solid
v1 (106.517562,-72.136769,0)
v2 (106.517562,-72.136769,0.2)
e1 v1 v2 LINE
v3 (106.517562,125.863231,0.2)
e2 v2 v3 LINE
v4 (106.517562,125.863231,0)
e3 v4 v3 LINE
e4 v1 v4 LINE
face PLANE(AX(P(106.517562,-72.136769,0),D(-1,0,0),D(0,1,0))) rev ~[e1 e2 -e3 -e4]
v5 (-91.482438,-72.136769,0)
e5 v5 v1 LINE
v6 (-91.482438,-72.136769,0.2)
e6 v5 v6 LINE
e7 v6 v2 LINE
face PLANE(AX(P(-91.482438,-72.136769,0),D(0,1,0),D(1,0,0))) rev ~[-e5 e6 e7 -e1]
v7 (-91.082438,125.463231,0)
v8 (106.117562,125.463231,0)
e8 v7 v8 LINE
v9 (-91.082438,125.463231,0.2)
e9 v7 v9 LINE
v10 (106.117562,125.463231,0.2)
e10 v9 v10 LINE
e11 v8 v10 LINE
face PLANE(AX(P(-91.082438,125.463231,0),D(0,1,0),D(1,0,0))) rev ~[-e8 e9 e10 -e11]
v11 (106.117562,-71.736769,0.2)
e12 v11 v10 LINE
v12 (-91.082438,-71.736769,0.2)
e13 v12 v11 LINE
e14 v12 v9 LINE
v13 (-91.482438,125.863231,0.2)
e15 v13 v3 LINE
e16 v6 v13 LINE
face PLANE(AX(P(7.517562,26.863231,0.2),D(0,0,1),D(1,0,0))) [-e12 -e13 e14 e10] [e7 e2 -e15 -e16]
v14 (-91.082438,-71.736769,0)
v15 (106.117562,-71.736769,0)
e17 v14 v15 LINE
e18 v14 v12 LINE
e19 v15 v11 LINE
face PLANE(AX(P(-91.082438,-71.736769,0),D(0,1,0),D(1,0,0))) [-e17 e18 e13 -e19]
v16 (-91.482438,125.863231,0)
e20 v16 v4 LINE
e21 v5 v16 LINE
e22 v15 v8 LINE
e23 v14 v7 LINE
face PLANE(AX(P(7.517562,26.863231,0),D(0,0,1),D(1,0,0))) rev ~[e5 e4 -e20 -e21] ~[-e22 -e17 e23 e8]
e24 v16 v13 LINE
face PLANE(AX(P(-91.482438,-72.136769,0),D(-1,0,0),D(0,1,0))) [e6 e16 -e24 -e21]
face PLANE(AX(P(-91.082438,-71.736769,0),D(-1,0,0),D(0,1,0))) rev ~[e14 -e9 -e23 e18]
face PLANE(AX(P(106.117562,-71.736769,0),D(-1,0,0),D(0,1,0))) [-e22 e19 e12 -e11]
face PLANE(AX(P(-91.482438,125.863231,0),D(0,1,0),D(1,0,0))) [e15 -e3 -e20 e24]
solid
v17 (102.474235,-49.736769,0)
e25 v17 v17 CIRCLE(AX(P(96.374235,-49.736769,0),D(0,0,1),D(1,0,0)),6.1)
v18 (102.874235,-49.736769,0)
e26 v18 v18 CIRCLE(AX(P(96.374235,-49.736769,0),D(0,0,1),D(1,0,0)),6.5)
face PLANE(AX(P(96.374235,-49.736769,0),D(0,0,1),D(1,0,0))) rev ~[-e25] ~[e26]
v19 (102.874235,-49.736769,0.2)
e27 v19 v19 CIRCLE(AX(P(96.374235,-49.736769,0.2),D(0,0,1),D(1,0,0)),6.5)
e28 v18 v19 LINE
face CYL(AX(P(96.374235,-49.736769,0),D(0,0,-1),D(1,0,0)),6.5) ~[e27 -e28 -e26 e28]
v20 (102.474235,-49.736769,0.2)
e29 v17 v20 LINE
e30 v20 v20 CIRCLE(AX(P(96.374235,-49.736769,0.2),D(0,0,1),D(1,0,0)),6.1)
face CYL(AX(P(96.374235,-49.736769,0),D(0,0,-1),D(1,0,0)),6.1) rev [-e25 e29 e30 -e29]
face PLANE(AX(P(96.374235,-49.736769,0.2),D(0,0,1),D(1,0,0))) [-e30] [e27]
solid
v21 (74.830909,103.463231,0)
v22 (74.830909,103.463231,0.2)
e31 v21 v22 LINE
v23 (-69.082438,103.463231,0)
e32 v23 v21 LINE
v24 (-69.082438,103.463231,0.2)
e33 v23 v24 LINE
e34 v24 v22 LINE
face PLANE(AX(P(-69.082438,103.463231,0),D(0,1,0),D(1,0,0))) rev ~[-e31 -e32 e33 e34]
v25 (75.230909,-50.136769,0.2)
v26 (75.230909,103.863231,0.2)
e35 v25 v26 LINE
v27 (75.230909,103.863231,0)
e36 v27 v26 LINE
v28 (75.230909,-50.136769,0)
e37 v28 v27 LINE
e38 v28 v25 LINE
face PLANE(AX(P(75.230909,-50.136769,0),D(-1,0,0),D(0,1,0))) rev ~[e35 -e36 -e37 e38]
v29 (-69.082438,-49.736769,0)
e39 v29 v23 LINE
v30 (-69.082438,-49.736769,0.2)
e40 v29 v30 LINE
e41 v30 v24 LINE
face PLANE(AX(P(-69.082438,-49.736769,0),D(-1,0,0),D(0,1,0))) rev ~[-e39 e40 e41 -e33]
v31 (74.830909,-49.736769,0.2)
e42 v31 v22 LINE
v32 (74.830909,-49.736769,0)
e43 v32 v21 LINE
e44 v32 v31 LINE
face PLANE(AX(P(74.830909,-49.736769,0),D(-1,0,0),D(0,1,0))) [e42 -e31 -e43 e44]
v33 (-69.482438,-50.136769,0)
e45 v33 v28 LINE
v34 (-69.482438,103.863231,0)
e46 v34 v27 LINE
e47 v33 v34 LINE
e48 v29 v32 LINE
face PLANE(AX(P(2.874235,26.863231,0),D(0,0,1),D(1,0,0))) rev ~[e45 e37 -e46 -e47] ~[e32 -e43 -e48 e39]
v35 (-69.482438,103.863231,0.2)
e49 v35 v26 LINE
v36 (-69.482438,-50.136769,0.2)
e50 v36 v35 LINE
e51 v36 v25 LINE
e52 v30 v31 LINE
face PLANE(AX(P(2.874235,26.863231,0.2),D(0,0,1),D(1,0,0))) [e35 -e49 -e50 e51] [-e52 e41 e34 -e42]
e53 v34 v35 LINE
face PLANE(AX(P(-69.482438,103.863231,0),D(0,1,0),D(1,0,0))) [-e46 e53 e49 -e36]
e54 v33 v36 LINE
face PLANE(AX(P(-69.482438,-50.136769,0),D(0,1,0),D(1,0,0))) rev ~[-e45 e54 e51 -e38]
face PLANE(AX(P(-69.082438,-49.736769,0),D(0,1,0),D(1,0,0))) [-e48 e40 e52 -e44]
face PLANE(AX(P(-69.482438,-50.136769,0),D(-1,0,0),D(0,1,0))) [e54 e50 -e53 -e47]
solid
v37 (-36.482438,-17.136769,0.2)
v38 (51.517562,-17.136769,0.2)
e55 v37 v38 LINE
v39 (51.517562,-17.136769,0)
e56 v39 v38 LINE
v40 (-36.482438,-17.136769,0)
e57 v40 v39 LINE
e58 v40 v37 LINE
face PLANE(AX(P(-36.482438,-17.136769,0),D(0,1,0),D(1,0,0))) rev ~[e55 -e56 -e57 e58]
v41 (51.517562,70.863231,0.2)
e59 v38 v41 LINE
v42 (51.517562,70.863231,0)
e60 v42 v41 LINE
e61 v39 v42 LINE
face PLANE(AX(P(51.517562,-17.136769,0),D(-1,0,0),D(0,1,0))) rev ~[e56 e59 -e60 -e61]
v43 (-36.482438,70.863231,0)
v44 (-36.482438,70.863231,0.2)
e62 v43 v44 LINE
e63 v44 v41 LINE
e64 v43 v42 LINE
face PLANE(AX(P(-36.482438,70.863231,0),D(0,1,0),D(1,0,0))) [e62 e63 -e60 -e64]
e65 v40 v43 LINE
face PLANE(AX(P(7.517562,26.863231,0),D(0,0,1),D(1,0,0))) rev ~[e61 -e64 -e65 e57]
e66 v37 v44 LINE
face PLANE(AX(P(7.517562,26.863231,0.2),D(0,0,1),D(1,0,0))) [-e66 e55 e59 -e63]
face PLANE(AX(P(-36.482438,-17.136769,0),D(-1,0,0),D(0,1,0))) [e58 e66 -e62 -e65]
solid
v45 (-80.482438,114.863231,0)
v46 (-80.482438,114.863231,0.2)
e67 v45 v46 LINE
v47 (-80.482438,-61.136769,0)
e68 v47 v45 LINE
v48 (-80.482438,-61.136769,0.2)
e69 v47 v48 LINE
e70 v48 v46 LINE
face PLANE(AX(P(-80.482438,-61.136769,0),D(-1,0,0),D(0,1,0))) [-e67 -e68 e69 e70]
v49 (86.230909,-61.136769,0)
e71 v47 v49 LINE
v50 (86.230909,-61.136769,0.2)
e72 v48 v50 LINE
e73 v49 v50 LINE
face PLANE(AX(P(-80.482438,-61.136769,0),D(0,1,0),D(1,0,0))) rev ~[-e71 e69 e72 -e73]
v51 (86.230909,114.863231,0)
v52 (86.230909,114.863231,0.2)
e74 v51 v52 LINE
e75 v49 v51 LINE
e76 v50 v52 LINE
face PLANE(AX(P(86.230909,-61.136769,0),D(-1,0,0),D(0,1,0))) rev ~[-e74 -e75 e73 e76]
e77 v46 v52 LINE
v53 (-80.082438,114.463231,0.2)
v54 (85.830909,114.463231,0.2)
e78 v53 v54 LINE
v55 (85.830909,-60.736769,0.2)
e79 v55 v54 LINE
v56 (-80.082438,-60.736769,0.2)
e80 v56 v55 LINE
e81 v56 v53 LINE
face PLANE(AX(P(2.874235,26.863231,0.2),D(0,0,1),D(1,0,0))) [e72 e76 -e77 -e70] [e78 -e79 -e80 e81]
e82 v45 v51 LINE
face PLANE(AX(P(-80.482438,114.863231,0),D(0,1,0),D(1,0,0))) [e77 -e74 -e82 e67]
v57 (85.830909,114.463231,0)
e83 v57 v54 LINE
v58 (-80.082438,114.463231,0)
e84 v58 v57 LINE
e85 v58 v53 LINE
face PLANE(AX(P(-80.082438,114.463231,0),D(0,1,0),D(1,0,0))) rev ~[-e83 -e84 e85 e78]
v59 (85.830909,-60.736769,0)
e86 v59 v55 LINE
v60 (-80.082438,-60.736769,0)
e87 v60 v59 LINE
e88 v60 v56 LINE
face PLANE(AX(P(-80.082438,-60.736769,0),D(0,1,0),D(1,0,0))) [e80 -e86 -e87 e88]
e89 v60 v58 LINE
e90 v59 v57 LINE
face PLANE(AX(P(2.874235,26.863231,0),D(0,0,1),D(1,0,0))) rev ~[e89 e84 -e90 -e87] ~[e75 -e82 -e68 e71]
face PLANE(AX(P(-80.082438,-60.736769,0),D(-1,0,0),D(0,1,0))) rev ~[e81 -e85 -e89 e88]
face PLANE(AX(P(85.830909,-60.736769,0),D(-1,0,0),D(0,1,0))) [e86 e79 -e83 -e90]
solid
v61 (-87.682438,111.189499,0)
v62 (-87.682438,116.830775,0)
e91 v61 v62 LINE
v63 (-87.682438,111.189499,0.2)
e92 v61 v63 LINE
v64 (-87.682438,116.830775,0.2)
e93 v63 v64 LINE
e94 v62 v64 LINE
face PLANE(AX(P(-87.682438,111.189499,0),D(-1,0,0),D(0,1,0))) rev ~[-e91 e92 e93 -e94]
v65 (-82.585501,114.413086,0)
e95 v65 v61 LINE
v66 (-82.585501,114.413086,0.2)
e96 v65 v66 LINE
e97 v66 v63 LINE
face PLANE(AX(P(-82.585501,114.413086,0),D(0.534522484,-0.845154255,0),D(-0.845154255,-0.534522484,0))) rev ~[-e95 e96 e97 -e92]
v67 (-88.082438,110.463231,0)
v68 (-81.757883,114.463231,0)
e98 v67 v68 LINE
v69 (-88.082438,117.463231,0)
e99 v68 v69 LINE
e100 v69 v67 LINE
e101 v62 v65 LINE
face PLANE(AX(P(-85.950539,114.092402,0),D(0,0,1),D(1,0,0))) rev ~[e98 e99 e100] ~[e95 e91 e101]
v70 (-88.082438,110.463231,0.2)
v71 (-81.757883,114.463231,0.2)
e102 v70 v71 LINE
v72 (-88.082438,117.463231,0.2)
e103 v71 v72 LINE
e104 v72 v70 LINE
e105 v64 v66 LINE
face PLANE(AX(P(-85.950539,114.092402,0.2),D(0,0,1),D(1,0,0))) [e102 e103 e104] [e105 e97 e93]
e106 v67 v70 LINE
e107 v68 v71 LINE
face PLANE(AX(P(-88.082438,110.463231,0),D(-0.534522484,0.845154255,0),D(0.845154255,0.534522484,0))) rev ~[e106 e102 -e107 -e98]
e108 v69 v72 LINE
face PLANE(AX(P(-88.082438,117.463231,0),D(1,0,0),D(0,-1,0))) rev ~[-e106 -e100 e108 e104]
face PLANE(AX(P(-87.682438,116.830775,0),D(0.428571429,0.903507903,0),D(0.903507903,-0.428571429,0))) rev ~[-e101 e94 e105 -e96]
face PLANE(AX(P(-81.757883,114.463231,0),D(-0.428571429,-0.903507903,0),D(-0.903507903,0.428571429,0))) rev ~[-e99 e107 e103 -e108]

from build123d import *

# Parameters (mm, degrees)
F1_W     = 198
F1_H     = 198
F1_W_2   = 197.2
F1_H_2   = 197.2
F2_DEPTH = 0.2
F1_W_3   = 166.7133469
F1_H_3   = 176
F1_W_4   = 165.9133469
F1_H_4   = 175.2
F1_W_5   = 144.7133469
F1_H_5   = 154
F1_W_6   = 143.9133469
F1_H_6   = 153.2
F1_R     = 6.5
F1_R_2   = 6.1
F1_W_7   = 88
F1_H_7   = 88


with BuildPart() as f2:
    # F1 (on Top) → F2 (new body)
    with BuildSketch(Plane.XY):
        with Locations((7.5175617039, 26.8632308638)):
            Rectangle(F1_W, F1_H)
        with Locations((7.5175617039, 26.8632308638)):
            Rectangle(F1_W_2, F1_H_2, mode=Mode.SUBTRACT)
    extrude(amount=F2_DEPTH)


with BuildPart() as f2b:
    # F1 (on Top) → F2, piece 2 (new body)
    with BuildSketch(Plane.XY):
        with Locations((2.8742351539, 26.8632308638)):
            Rectangle(F1_W_3, F1_H_3)
        with Locations((2.8742351539, 26.8632308638)):
            Rectangle(F1_W_4, F1_H_4, mode=Mode.SUBTRACT)
    extrude(amount=F2_DEPTH)


with BuildPart() as f2c:
    # F1 (on Top) → F2, piece 3 (new body)
    with BuildSketch(Plane.XY):
        with Locations((2.8742351539, 26.8632308638)):
            Rectangle(F1_W_5, F1_H_5)
        with Locations((2.8742351539, 26.8632308638)):
            Rectangle(F1_W_6, F1_H_6, mode=Mode.SUBTRACT)
    extrude(amount=F2_DEPTH)


with BuildPart() as f2d:
    # F1 (on Top) → F2, piece 4 (new body)
    with BuildSketch(Plane.XY):
        with Locations((96.3742351539, -49.7367691362)):
            Circle(F1_R)
        with Locations((96.3742351539, -49.7367691362)):
            Circle(F1_R_2, mode=Mode.SUBTRACT)
    extrude(amount=F2_DEPTH)


with BuildPart() as f2e:
    # F1 (on Top) → F2, piece 5 (new body)
    with BuildSketch(Plane.XY):
        with Locations((7.5175617039, 26.8632308638)):
            Rectangle(F1_W_7, F1_H_7)
    extrude(amount=F2_DEPTH)


with BuildPart() as f2f:
    # F1 (on Top) → F2, piece 6 (new body)
    with BuildSketch(Plane.XY):
        Polygon((-81.7578829757, 114.4632308638), (-88.0824382961, 117.4632308638), (-88.0824382961, 110.4632308638), align=None)
        Polygon((-87.6824382961, 111.1894994593), (-87.6824382961, 116.8307753318), (-82.5855009628, 114.4130856722), align=None, mode=Mode.SUBTRACT)
    extrude(amount=F2_DEPTH)


solid = Compound([f2.part, f2b.part, f2c.part, f2d.part, f2e.part, f2f.part])
